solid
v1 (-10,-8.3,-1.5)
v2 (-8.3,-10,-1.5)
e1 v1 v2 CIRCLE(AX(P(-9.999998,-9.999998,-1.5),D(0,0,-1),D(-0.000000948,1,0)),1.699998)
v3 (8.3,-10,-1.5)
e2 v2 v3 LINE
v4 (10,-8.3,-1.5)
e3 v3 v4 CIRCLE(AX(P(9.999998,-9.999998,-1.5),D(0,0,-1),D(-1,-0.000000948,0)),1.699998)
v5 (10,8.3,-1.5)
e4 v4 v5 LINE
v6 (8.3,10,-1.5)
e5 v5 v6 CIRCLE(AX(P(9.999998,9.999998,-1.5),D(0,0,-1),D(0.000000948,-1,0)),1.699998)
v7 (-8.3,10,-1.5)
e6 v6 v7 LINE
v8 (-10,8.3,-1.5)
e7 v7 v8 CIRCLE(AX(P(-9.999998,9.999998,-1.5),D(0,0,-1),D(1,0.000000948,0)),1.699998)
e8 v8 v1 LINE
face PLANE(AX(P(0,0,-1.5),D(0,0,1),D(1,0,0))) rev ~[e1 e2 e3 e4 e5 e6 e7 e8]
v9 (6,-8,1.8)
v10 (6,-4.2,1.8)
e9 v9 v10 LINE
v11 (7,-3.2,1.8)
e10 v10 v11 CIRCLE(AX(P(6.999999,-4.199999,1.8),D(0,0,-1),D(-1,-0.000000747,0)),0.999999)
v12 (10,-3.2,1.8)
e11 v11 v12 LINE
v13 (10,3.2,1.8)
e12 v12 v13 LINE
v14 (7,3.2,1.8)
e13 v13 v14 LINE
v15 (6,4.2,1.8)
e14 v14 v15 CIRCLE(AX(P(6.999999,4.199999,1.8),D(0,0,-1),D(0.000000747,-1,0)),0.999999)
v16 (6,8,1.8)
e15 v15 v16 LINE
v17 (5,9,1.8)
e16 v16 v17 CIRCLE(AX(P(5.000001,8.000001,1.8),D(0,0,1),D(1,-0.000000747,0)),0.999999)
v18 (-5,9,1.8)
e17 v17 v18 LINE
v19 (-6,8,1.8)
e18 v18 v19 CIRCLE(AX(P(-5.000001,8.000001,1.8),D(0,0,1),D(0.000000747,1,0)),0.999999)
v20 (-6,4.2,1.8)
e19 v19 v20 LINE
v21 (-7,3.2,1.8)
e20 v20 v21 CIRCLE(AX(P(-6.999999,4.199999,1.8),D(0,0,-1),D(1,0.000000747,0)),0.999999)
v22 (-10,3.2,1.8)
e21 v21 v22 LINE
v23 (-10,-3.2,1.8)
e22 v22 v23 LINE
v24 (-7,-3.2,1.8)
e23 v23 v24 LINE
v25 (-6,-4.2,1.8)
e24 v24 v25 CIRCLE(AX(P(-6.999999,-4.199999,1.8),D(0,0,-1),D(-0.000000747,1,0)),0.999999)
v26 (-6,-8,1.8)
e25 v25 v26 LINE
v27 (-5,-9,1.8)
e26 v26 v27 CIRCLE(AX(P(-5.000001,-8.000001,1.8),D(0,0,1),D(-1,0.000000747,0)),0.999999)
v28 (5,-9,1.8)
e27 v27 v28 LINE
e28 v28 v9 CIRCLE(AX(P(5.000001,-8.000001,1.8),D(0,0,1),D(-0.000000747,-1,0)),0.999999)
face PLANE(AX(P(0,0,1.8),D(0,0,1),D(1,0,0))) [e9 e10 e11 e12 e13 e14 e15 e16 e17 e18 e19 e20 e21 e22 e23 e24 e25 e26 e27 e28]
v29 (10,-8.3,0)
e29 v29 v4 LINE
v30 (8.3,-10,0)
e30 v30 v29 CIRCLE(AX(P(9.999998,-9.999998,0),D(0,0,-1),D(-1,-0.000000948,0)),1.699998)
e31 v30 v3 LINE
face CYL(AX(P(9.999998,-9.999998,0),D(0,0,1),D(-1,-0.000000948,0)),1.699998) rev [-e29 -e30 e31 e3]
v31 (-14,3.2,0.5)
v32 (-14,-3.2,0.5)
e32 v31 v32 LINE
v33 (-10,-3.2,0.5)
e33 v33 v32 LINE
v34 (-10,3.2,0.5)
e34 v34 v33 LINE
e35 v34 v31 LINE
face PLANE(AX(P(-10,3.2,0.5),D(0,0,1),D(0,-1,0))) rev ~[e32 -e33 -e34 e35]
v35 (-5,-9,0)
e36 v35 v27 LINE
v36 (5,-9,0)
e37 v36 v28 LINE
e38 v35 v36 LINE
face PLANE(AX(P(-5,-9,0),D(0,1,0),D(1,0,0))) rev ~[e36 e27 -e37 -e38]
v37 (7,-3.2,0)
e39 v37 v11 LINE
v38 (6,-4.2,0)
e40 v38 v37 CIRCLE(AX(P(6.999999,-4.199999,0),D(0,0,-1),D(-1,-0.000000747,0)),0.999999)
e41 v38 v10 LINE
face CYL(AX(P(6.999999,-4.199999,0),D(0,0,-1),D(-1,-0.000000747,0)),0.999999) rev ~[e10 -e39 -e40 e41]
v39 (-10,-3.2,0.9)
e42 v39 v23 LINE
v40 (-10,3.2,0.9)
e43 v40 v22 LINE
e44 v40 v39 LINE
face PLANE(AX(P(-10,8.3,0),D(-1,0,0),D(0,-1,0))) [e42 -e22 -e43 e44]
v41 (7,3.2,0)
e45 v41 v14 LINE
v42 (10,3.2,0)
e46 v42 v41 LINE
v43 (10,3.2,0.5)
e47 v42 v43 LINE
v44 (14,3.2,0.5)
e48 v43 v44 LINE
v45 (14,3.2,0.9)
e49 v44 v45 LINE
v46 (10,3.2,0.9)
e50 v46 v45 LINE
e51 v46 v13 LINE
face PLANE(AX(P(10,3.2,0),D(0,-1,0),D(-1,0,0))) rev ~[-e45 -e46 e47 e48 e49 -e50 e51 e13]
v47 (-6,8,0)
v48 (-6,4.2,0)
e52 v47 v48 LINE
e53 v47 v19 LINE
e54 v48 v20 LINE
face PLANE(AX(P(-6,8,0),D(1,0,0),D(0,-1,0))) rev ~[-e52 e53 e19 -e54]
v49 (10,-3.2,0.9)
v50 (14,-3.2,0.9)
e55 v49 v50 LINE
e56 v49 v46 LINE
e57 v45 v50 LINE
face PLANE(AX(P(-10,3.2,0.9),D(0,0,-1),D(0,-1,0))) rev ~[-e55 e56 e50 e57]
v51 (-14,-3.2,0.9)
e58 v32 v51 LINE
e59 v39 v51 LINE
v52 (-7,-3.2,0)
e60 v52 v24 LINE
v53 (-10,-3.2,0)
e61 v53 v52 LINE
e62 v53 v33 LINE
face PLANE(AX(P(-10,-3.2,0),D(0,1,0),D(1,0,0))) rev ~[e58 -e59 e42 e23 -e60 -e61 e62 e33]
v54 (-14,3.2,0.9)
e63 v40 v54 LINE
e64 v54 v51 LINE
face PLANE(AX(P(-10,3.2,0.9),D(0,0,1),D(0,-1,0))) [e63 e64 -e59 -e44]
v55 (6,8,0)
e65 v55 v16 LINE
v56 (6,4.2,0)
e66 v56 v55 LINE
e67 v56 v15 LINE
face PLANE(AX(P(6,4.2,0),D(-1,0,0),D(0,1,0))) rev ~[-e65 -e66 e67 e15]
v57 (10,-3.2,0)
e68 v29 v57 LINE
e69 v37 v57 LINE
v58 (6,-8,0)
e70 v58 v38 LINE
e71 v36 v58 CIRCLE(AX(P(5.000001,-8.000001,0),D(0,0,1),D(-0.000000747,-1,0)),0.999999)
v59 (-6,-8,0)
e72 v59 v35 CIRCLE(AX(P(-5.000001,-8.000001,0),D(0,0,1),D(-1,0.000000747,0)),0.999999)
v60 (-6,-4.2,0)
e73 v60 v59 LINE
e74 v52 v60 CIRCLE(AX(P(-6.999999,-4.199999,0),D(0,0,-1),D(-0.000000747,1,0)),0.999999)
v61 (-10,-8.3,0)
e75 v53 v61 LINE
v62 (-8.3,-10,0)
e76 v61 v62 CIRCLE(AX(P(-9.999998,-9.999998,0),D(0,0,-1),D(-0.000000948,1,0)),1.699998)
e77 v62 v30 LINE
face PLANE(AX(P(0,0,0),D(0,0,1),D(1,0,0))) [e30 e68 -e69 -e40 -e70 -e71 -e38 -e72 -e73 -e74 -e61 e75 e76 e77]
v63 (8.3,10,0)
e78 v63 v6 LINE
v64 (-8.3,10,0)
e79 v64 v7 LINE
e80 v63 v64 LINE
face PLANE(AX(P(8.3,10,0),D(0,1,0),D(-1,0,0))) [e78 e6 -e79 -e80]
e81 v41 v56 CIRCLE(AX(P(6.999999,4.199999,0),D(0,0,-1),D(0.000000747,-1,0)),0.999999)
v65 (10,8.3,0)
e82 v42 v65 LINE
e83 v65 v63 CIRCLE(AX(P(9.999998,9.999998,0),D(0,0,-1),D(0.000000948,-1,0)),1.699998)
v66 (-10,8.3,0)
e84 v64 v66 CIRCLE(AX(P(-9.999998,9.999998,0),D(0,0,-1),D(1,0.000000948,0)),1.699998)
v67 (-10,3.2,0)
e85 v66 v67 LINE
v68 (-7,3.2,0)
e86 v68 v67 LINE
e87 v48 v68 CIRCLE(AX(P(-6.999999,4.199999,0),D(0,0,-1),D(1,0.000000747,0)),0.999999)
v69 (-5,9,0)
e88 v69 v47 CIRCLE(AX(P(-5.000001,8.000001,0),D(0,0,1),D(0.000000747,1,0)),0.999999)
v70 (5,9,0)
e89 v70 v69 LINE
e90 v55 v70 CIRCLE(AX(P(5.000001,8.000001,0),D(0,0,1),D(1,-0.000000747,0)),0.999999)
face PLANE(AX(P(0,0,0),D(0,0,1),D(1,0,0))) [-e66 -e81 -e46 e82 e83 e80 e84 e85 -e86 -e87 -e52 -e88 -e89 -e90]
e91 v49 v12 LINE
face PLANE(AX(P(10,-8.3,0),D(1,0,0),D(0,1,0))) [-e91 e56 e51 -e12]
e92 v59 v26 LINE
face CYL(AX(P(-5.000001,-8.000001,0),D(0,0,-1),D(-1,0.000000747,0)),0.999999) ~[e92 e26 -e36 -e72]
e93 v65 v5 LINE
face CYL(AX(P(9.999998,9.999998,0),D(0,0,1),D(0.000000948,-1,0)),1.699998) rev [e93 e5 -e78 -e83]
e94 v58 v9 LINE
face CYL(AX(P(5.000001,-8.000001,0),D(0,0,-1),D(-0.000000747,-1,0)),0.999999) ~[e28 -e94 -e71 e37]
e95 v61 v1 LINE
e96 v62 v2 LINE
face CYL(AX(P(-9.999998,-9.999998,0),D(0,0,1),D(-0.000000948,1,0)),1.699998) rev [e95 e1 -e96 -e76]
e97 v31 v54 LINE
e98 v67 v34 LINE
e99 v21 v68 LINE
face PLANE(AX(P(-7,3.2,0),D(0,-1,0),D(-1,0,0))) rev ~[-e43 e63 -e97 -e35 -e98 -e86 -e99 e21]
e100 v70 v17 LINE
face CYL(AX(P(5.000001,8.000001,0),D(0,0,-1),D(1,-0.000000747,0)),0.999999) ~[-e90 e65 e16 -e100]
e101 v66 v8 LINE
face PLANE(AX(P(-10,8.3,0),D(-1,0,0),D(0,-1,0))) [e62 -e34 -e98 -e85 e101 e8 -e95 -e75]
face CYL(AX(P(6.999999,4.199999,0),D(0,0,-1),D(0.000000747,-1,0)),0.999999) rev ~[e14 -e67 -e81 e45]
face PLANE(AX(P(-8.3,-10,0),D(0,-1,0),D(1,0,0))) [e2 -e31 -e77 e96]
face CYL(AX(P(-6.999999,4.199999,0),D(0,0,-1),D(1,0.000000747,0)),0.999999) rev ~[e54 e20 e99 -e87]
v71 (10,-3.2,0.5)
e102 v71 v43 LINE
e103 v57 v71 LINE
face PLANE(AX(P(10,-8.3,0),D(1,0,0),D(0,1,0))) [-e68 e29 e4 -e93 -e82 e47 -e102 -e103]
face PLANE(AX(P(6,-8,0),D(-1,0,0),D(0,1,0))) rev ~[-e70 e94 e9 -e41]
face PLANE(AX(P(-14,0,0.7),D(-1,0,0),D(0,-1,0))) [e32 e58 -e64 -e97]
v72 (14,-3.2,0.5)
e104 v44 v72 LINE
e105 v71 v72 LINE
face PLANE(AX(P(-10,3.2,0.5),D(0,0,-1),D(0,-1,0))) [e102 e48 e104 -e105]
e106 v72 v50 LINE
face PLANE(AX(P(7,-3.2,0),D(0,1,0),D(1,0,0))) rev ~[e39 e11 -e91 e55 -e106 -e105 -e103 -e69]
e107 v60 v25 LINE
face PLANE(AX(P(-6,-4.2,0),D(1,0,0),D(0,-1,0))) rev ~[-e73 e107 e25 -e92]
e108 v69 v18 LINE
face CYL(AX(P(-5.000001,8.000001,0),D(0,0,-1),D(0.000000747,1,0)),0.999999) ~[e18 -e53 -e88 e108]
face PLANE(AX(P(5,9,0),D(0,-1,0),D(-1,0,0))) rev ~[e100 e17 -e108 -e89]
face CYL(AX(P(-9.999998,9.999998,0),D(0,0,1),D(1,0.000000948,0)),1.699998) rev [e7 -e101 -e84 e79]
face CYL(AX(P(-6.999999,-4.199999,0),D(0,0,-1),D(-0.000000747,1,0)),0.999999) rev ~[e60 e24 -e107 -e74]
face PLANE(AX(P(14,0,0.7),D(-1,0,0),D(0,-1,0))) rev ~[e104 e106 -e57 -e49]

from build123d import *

# Parameters (mm, degrees)
F1_DEPTH = 1.5
F3_DEPTH = 1.8
F4_W     = 6.4
F4_H     = 0.4
F5_DEPTH = 4
F6_DEPTH = 24


with BuildPart() as f1:
    # F0 (on Top) → F1 (new body)
    with BuildSketch(Plane.XY):
        with BuildLine():
            Line((-8.3, -10), (8.3, -10))
            ThreePointArc((8.3, -10), (8.797918, -8.797918), (10, -8.3))
            Line((10, -8.3), (10, 8.3))
            ThreePointArc((10, 8.3), (8.797918, 8.797918), (8.3, 10))
            Line((8.3, 10), (-8.3, 10))
            ThreePointArc((-8.3, 10), (-8.797918, 8.797918), (-10, 8.3))
            Line((-10, 8.3), (-10, -8.3))
            ThreePointArc((-10, -8.3), (-8.797918, -8.797918), (-8.3, -10))
        make_face()
    extrude(amount=-F1_DEPTH)

    # F2 (on face) → F3 (join)
    with BuildSketch(Plane.XY):
        with BuildLine():
            Line((-5, -9), (5, -9))
            ThreePointArc((5, -9), (5.707107, -8.707107), (6, -8))
            Line((6, -8), (6, -4.2))
            ThreePointArc((6, -4.2), (6.292893, -3.492893), (7, -3.2))
            Line((7, -3.2), (10, -3.2))
            Line((10, -3.2), (10, 3.2))
            Line((10, 3.2), (7, 3.2))
            ThreePointArc((7, 3.2), (6.292893, 3.492893), (6, 4.2))
            Line((6, 4.2), (6, 8))
            ThreePointArc((6, 8), (5.707107, 8.707107), (5, 9))
            Line((5, 9), (-5, 9))
            ThreePointArc((-5, 9), (-5.707107, 8.707107), (-6, 8))
            Line((-6, 8), (-6, 4.2))
            ThreePointArc((-6, 4.2), (-6.292893, 3.492893), (-7, 3.2))
            Line((-7, 3.2), (-10, 3.2))
            Line((-10, 3.2), (-10, -3.2))
            Line((-10, -3.2), (-7, -3.2))
            ThreePointArc((-7, -3.2), (-6.292893, -3.492893), (-6, -4.2))
            Line((-6, -4.2), (-6, -8))
            ThreePointArc((-6, -8), (-5.707107, -8.707107), (-5, -9))
        make_face()
    extrude(amount=F3_DEPTH)

    # F4 (on face) → F5 (join)
    with BuildSketch(Plane(origin=(-10, 0, 0), x_dir=(0, -1, 0), z_dir=(-1, 0, 0))):
        with Locations((0, 0.7)):
            Rectangle(F4_W, F4_H)
    extrude(amount=F5_DEPTH)

    # F4 (on face) → F6 (join)
    with BuildSketch(Plane(origin=(-10, 0, 0), x_dir=(0, -1, 0), z_dir=(-1, 0, 0))):
        with Locations((0, 0.7)):
            Rectangle(F4_W, F4_H)
    extrude(amount=-F6_DEPTH)


solid = f1.part
